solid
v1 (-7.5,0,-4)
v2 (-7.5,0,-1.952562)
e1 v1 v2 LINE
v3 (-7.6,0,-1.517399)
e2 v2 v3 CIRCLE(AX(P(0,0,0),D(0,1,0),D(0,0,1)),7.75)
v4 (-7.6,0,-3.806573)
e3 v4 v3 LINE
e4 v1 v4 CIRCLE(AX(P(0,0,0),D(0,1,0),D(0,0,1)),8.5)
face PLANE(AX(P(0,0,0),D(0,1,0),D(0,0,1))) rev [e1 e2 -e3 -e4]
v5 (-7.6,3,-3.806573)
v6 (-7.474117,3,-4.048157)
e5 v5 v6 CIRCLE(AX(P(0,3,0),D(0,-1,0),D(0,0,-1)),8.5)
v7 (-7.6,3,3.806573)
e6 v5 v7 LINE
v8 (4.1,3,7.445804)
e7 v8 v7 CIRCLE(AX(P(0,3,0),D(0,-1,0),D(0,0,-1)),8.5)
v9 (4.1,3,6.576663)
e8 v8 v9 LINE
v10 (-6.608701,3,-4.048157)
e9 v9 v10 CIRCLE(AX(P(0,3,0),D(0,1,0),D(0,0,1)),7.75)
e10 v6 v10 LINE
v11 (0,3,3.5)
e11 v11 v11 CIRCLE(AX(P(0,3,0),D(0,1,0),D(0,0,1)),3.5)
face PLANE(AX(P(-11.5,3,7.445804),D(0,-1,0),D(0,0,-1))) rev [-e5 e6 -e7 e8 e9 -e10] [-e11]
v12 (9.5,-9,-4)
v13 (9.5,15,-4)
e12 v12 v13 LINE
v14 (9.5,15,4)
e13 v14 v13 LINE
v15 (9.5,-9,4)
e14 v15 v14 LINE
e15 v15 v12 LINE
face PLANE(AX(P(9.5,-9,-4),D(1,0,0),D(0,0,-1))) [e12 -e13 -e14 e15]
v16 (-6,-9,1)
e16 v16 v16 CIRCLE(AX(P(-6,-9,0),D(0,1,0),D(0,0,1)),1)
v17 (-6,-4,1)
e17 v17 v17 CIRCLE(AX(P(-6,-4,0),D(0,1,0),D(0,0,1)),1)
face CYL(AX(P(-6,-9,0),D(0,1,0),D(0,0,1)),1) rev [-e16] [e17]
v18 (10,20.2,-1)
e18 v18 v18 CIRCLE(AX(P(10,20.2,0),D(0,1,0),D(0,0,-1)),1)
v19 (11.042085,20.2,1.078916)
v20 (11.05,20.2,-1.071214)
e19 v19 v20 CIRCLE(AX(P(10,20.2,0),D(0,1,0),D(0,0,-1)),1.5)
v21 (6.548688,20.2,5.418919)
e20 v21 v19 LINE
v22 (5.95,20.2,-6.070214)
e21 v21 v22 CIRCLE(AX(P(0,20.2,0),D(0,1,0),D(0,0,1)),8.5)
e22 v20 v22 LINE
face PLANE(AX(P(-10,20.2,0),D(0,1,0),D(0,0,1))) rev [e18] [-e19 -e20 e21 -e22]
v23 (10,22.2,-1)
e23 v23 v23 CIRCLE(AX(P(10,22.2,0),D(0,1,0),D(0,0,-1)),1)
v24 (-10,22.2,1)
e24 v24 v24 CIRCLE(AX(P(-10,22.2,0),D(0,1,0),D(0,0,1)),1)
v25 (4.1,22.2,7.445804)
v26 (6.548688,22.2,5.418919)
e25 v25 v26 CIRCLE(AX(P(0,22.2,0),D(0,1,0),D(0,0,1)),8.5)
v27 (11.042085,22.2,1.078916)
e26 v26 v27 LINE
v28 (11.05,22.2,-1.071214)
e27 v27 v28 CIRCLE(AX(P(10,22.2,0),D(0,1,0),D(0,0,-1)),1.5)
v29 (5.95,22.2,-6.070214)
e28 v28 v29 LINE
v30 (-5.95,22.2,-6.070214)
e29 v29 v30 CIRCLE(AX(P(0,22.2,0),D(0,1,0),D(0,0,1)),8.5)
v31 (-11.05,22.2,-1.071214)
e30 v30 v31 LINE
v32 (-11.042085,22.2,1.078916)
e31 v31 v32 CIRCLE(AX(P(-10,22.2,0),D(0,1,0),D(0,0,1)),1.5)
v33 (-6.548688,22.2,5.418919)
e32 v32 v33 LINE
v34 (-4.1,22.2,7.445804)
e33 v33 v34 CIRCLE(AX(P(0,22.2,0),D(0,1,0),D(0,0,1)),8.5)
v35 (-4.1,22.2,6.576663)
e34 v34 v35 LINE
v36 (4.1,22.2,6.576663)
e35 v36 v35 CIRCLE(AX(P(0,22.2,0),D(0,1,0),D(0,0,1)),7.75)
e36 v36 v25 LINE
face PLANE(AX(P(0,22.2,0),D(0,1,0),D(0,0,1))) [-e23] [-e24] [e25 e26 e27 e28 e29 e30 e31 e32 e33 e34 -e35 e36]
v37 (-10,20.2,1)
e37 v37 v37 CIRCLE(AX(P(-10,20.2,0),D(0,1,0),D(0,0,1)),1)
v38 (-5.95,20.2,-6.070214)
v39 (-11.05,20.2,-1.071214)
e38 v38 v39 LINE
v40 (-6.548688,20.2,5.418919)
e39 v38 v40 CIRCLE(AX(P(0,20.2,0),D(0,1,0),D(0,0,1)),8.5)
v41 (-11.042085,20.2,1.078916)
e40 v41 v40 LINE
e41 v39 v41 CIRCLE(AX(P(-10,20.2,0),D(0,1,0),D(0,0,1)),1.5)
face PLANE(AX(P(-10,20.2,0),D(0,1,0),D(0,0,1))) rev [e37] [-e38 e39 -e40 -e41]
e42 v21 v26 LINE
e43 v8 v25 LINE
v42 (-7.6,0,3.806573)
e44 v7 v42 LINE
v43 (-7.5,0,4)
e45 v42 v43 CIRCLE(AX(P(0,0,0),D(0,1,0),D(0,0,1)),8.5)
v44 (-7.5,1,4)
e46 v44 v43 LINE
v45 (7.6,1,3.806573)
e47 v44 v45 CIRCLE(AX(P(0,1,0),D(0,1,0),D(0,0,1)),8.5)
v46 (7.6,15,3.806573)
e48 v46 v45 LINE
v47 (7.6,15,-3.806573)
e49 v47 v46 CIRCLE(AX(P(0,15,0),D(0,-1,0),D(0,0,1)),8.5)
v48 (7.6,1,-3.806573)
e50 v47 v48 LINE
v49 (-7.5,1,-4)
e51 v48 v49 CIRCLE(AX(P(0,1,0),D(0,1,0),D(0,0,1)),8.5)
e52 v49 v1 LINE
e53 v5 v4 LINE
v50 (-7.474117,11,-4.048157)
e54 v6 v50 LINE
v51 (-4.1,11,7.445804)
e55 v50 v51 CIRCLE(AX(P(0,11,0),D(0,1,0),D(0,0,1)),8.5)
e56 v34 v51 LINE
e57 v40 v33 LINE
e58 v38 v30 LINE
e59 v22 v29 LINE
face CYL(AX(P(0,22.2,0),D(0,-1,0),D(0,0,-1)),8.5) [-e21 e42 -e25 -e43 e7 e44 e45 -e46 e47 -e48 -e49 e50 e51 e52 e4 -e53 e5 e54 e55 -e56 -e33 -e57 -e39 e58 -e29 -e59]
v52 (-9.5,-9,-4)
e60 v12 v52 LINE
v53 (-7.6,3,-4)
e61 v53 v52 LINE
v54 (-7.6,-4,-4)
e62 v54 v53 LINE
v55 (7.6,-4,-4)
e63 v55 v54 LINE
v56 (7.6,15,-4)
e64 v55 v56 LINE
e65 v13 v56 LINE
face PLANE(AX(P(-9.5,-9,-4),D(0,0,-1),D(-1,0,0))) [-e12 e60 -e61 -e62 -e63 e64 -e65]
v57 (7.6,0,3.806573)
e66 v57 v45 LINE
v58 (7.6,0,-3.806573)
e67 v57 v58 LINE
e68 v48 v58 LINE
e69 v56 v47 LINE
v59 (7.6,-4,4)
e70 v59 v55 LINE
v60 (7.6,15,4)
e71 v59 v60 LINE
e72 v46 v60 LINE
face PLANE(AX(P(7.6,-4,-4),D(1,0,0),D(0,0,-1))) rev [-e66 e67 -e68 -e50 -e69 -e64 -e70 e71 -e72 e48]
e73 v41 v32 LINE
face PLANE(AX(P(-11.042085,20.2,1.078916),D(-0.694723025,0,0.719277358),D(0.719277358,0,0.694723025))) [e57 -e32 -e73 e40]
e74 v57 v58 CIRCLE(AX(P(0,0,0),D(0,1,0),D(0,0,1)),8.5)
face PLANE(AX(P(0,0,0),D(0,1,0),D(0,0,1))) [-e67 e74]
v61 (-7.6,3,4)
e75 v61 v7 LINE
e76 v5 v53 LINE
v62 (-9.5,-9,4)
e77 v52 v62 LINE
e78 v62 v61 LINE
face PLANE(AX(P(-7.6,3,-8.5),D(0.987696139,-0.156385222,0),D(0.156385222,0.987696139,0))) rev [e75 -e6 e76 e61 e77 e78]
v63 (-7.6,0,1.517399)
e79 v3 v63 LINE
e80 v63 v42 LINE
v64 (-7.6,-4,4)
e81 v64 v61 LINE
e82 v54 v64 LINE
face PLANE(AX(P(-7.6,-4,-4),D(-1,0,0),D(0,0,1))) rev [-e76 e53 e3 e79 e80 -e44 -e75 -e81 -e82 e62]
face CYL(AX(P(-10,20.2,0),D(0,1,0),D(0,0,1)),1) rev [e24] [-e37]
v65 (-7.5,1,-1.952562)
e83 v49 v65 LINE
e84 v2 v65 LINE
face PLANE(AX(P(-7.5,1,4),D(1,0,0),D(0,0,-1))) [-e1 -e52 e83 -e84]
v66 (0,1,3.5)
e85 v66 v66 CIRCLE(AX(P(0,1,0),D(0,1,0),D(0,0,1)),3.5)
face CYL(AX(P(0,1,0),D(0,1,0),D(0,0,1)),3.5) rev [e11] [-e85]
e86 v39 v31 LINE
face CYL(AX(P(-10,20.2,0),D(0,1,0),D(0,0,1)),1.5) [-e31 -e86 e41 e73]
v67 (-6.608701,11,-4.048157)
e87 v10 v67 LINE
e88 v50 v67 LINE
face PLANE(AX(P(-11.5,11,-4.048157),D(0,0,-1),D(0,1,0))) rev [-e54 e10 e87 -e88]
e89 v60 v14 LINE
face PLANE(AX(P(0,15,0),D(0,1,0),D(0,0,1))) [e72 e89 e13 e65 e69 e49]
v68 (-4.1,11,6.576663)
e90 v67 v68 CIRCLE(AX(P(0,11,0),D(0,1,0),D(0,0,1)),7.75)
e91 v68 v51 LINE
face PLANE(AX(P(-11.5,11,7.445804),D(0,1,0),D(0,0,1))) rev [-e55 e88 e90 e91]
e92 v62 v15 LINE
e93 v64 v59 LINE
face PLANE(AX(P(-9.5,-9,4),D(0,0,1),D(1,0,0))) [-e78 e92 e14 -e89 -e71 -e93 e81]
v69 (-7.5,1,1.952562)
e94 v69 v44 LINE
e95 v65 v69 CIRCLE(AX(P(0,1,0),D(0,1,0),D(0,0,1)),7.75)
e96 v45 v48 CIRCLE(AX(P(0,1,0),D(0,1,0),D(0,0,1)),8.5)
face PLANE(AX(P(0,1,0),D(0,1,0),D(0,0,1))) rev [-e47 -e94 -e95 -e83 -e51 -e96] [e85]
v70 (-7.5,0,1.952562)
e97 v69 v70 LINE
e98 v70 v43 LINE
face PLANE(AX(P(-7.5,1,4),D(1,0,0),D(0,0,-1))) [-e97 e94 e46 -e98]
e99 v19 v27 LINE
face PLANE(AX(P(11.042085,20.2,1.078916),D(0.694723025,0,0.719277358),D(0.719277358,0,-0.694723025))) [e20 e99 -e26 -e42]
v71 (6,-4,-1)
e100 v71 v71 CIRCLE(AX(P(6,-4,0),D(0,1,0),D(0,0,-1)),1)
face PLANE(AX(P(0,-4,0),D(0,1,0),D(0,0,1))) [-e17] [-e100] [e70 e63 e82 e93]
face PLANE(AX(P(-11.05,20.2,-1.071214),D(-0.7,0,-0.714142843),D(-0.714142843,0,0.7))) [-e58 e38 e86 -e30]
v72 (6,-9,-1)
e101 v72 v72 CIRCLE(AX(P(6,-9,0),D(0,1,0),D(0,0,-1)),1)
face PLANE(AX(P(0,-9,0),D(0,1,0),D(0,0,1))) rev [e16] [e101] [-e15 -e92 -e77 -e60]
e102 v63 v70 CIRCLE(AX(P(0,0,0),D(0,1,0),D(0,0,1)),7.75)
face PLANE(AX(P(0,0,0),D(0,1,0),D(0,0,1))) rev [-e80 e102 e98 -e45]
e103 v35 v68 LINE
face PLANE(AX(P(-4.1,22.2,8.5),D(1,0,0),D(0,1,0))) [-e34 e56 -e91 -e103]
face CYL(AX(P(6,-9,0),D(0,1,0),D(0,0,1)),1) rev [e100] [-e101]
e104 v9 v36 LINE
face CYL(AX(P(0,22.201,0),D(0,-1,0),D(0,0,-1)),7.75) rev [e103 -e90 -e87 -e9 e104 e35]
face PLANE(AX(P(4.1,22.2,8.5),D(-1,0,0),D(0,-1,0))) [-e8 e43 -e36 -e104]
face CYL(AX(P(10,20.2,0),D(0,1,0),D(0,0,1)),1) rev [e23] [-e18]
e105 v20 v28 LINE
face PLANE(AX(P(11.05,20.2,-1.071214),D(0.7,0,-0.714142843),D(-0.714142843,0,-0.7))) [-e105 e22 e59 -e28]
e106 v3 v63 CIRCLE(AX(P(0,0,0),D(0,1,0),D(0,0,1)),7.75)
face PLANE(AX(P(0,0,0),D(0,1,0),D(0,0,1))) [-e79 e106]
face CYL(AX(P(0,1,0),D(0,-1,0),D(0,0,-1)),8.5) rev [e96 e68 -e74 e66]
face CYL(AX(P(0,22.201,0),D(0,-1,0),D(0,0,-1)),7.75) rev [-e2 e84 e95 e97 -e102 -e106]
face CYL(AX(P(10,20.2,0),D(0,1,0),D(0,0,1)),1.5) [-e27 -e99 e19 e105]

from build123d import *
from build123d.topology import SkipClean

# Parameters (mm, degrees)
SKETCH_2_W                = 19
SKETCH_2_H                = 8
EXTRUDE_1_DEPTH           = 9
SKETCH_4_R                = 8.5
EXTRUDE_2_DEPTH           = 22.2
CUT_EXTRUDE_5_REACH       = 27.6
SKETCH_5_2_R              = 7.75
EXTRUDE_START             = -2
SKETCH_9_R                = 1
EXTRUDE_4_DEPTH           = 2
SKETCH_5_R                = 7.75
CUT_EXTRUDE_8_DEPTH       = 27.407196
SKETCH_11_W               = 15.2
SKETCH_11_H               = 8
CUT_EXTRUDE_11_DEPTH      = 4
SKETCH_12_W               = 8.2
SKETCH_12_H               = 22.2
CUT_EXTRUDE_12_DEPTH      = 27.407196
SKETCH_13_W               = 11.493961
SKETCH_13_H               = 8
CUT_EXTRUDE_13_DEPTH      = 27.407196
EXTRUDE_6_DEPTH           = 3
EXTRUDE_7_DEPTH           = 15
SKETCH_16_R               = 1
CUT_EXTRUDE_14_DEPTH      = 30.848618
SKETCH_17_R               = 8.5
SKETCH_17_R_2             = 3.5
EXTRUDE_8_DEPTH           = 2
CUT_EXTRUDE_15_DEPTH      = 27.407196
CUT_EXTRUDE_15_DEPTH_BACK = 27.407196
CUT_EXTRUDE_17_DEPTH      = 1


with BuildPart() as part:
    # 草图2 → 凸台-拉伸1 (new body)
    with BuildSketch(Plane(origin=(0, 0, 0), x_dir=(1, 0, 0), z_dir=(0, 1, 0))):
        Rectangle(SKETCH_2_W, SKETCH_2_H)
    extrude(amount=-EXTRUDE_1_DEPTH)

    # 草图4 → 凸台-拉伸2 (add)
    with BuildSketch(Plane(origin=(0, 0, 0), x_dir=(1, 0, 0), z_dir=(0, 1, 0))):
        Circle(SKETCH_4_R)
    extrude(amount=EXTRUDE_2_DEPTH)

    # 草图5<2> → 切除-拉伸5 (cut, up to next)
    with BuildSketch(Plane(origin=(0, 0, 0), x_dir=(1, 0, 0), z_dir=(0, 1, 0)), mode=Mode.PRIVATE) as cut_extrude_5_sk1:
        Circle(SKETCH_5_2_R)
    cut_extrude_5_tool1 = extrude(cut_extrude_5_sk1.sketch, amount=CUT_EXTRUDE_5_REACH, mode=Mode.PRIVATE) & part.part
    add(cut_extrude_5_tool1.solids().sort_by_distance((0, 0, 0))[0], mode=Mode.SUBTRACT)

    # 草图9 → 凸台-拉伸4 (add)
    with SkipClean():  # the faces are left unmerged after this step: merging them gives an invalid solid
        with BuildSketch(Plane(origin=(0, 22.2, 0), x_dir=(1, 0, 0), z_dir=(0, 1, 0)).offset(EXTRUDE_START)):
            with BuildLine():
                Line((-11.05, 1.071214), (-5.95, 6.070214))
                ThreePointArc((-5.95, 6.070214), (0, 8.5), (5.95, 6.070214))
                Line((5.95, 6.070214), (11.05, 1.071214))
                ThreePointArc((11.05, 1.071214), (11.49999, -0.005522), (11.042085, -1.078916))
                Line((11.042085, -1.078916), (6.548688, -5.418919))
                ThreePointArc((6.548688, -5.418919), (0, -8.5), (-6.548688, -5.418919))
                Line((-6.548688, -5.418919), (-11.042085, -1.078916))
                ThreePointArc((-11.042085, -1.078916), (-11.49999, -0.005522), (-11.05, 1.071214))
            make_face()
            with Locations((-10, 0)):
                Circle(SKETCH_9_R, mode=Mode.SUBTRACT)
            with Locations((10, 0)):
                Circle(SKETCH_9_R, mode=Mode.SUBTRACT)
        extrude(amount=EXTRUDE_4_DEPTH)

    # 草图5 → 切除-拉伸8 (cut, through all)
    with SkipClean():  # the faces are left unmerged after this step: merging them gives an invalid solid
        with BuildSketch(Plane(origin=(0, 0, 0), x_dir=(1, 0, 0), z_dir=(0, 1, 0))):
            Circle(SKETCH_5_R)
        extrude(amount=CUT_EXTRUDE_8_DEPTH, mode=Mode.SUBTRACT)

    # 草图11 → 切除-拉伸11 (cut)
    with SkipClean():  # the faces are left unmerged after this step: merging them gives an invalid solid
        with BuildSketch(Plane(origin=(0, 0, 0), x_dir=(1, 0, 0), z_dir=(0, 1, 0))):
            Rectangle(SKETCH_11_W, SKETCH_11_H)
        extrude(amount=-CUT_EXTRUDE_11_DEPTH, mode=Mode.SUBTRACT)

    # 草图12 → 切除-拉伸12 (cut, through all)
    with SkipClean():  # the faces are left unmerged after this step: merging them gives an invalid solid
        with BuildSketch(Plane.XY):
            with Locations((0, 11.1)):
                Rectangle(SKETCH_12_W, SKETCH_12_H)
        extrude(amount=CUT_EXTRUDE_12_DEPTH, mode=Mode.SUBTRACT)

    # 草图13 → 切除-拉伸13 (cut, through all)
    with SkipClean():  # the faces are left unmerged after this step: merging them gives an invalid solid
        with BuildSketch(Plane(origin=(0, 0, 0), x_dir=(0, 0, -1), z_dir=(1, 0, 0))):
            with Locations((-1.698824, 7)):
                Rectangle(SKETCH_13_W, SKETCH_13_H)
        extrude(amount=-CUT_EXTRUDE_13_DEPTH, mode=Mode.SUBTRACT)

    # 草图14 → 凸台-拉伸6 (add)
    with BuildSketch(Plane(origin=(0, 0, 0), x_dir=(1, 0, 0), z_dir=(0, 1, 0))):
        with BuildLine():
            Line((-7.6, 3.806573), (-7.6, 4))
            Line((-7.6, 4), (-9.5, 4))
            Line((-9.5, 4), (-9.5, -4))
            Line((-9.5, -4), (-7.6, -4))
            Line((-7.6, -4), (-7.6, -3.806573))
            ThreePointArc((-7.6, -3.806573), (-8.5, 0), (-7.6, 3.806573))
        make_face()
    extrude(amount=EXTRUDE_6_DEPTH)

    # 草图15 → 凸台-拉伸7 (add)
    with SkipClean():  # the faces are left unmerged after this step: merging them gives an invalid solid
        with BuildSketch(Plane(origin=(0, 0, 0), x_dir=(1, 0, 0), z_dir=(0, 1, 0))):
            with BuildLine():
                Line((7.6, -3.806573), (7.6, -4))
                Line((7.6, -4), (9.5, -4))
                Line((9.5, -4), (9.5, 4))
                Line((9.5, 4), (7.6, 4))
                Line((7.6, 4), (7.6, 3.806573))
                ThreePointArc((7.6, 3.806573), (8.5, 0), (7.6, -3.806573))
            make_face()
        extrude(amount=EXTRUDE_7_DEPTH)

    # 草图16 → 切除-拉伸14 (cut, through all)
    with SkipClean():  # the faces are left unmerged after this step: merging them gives an invalid solid
        with BuildSketch(Plane(origin=(0, -4, 0), x_dir=(1, 0, 0), z_dir=(0, 1, 0))):
            with Locations((-6, 0)):
                Circle(SKETCH_16_R)
            with Locations((6, 0)):
                Circle(SKETCH_16_R)
        extrude(amount=-CUT_EXTRUDE_14_DEPTH, mode=Mode.SUBTRACT)

    # 草图17 → 凸台-拉伸8 (add)
    with BuildSketch(Plane(origin=(0, 3, 0), x_dir=(1, 0, 0), z_dir=(0, 1, 0)).offset(EXTRUDE_START)):
        Circle(SKETCH_17_R)
        Circle(SKETCH_17_R_2, mode=Mode.SUBTRACT)
    extrude(amount=EXTRUDE_8_DEPTH)

    # 草图18 → 切除-拉伸15 (cut, two sides: drawn at the far end of the back side and taken through both)
    with BuildSketch(Plane.XY.offset(-CUT_EXTRUDE_15_DEPTH_BACK)):
        Polygon((-7.6, 3), (-9.5, -9), (-9.5, 3), align=None)
    extrude(amount=CUT_EXTRUDE_15_DEPTH + CUT_EXTRUDE_15_DEPTH_BACK, mode=Mode.SUBTRACT)

    # 草图19 → 切除-拉伸17 (cut)
    with BuildSketch(Plane(origin=(0, 0, 0), x_dir=(1, 0, 0), z_dir=(0, 1, 0))):
        with BuildLine():
            Line((-7.5, -4), (-7.5, 4))
            ThreePointArc((-7.5, 4), (8.5, 0), (-7.5, -4))
        make_face()
    extrude(amount=CUT_EXTRUDE_17_DEPTH, mode=Mode.SUBTRACT)


solid = part.part
